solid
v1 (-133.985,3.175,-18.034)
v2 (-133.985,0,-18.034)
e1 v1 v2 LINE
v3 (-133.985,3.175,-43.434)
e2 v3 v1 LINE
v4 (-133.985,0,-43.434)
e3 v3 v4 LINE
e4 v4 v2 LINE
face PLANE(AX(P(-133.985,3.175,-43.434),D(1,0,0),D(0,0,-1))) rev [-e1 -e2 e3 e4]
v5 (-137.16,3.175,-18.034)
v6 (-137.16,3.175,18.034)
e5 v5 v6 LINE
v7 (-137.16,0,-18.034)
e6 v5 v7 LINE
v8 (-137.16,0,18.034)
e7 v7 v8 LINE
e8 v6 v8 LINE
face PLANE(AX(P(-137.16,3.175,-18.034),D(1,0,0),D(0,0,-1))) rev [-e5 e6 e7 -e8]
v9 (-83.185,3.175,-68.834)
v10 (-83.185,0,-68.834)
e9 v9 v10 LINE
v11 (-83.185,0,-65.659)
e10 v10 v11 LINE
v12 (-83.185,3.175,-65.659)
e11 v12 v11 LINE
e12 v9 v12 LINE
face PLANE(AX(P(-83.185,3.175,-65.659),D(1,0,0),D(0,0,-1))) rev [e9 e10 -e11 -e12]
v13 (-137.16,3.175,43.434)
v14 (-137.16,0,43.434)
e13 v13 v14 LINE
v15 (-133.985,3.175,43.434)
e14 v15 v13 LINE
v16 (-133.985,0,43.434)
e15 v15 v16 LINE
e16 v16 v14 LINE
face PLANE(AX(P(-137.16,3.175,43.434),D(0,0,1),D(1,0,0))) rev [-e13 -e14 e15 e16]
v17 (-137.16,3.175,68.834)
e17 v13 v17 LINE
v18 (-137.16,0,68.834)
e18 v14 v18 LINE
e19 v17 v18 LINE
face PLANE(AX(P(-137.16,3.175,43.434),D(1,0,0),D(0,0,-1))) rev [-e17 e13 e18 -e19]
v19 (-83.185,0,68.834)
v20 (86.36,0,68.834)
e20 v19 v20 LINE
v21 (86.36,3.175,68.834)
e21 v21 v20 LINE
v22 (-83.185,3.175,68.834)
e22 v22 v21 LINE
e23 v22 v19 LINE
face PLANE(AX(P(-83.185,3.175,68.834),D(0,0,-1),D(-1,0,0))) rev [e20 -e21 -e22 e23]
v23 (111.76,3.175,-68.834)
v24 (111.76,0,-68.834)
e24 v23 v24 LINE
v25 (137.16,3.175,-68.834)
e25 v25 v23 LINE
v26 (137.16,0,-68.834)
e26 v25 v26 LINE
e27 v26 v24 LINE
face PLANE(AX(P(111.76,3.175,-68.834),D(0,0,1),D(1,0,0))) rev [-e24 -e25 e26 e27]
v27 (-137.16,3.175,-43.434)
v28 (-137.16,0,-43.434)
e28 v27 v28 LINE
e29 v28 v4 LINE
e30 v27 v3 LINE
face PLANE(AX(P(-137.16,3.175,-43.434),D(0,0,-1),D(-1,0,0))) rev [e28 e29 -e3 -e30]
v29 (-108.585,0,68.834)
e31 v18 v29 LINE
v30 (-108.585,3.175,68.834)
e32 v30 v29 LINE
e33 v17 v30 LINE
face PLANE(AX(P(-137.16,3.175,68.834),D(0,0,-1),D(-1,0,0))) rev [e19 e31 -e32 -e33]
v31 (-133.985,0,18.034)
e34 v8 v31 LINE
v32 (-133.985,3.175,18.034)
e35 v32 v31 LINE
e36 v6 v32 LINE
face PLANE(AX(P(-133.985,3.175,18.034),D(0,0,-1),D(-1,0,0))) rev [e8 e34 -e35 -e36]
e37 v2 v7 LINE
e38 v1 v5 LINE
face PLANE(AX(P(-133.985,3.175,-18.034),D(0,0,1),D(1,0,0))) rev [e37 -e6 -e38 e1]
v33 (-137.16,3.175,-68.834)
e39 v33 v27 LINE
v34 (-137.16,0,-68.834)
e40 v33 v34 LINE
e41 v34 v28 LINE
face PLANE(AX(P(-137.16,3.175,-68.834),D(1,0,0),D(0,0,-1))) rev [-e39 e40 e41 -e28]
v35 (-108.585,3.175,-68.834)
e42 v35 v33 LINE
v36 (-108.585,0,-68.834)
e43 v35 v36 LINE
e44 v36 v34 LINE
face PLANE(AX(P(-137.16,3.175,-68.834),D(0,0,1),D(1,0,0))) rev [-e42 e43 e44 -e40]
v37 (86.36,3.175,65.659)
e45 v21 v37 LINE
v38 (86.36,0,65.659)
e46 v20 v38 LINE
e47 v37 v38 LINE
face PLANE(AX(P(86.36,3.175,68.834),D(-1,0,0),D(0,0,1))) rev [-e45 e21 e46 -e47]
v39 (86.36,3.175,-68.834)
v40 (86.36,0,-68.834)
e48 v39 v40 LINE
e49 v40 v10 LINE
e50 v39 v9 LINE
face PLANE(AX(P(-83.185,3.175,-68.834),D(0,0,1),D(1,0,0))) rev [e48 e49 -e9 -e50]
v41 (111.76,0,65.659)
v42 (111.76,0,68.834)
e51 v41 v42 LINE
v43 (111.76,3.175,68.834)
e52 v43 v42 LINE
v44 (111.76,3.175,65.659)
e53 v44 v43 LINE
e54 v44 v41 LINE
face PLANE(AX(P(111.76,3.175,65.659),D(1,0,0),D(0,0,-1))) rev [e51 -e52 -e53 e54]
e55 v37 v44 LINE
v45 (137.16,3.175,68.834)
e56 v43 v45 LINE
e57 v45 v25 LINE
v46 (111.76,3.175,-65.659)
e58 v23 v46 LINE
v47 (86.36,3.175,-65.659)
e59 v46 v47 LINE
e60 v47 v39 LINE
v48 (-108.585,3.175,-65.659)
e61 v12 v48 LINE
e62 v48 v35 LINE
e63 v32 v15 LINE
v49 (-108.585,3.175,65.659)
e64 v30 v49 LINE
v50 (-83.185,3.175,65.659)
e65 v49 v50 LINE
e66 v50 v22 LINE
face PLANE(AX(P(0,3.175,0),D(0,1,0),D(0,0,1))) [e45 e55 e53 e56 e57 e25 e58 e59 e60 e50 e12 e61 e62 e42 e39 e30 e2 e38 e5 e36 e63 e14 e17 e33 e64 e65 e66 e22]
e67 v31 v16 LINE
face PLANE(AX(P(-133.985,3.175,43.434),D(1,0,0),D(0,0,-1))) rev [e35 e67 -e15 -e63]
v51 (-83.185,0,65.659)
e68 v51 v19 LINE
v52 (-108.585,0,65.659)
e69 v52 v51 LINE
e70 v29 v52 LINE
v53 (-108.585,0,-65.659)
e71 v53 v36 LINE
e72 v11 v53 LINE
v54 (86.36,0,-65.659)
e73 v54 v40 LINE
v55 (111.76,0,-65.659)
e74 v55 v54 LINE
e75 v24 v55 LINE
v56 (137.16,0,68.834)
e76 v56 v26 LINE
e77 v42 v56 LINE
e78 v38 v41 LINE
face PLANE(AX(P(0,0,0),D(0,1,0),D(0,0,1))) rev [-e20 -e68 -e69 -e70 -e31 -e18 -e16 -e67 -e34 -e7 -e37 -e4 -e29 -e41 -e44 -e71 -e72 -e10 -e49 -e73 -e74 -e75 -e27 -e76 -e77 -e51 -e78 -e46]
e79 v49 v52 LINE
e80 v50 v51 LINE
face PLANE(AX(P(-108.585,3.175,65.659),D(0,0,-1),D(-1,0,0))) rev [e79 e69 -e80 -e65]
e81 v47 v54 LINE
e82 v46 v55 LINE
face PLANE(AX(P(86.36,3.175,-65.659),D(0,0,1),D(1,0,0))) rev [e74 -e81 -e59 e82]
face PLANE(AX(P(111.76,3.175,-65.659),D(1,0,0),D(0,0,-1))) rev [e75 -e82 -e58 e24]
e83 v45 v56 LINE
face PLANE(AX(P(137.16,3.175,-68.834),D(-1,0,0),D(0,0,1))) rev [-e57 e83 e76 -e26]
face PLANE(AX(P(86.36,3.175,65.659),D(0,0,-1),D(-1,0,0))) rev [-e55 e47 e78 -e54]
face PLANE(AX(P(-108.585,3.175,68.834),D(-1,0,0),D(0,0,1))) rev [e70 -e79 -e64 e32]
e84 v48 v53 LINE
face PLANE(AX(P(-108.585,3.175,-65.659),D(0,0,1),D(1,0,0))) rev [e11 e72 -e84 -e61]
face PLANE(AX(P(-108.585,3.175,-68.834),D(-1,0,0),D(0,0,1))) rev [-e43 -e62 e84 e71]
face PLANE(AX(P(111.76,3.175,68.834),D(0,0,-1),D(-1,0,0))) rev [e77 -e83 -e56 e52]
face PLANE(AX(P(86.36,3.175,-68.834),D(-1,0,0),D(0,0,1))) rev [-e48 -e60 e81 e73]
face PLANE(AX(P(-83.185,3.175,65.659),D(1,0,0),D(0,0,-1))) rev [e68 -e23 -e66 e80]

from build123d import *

# Parameters (mm, degrees)
BOSS_EXTRUDE1_DEPTH = 3.175


with BuildPart() as part:
    # Sketch1 → Boss-Extrude1 (new body)
    with BuildSketch(Plane(origin=(0, 0, 0), x_dir=(1, 0, 0), z_dir=(0, 1, 0))):
        Polygon((-137.16, 68.834), (-108.585, 68.834), (-108.585, 65.659), (-83.185, 65.659), (-83.185, 68.834), (86.36, 68.834), (86.36, 65.659), (111.76, 65.659), (111.76, 68.834), (137.16, 68.834), (137.16, -68.834), (111.76, -68.834), (111.76, -65.659), (86.36, -65.659), (86.36, -68.834), (-83.185, -68.834), (-83.185, -65.659), (-108.585, -65.659), (-108.585, -68.834), (-137.16, -68.834), (-137.16, -43.434), (-133.985, -43.434), (-133.985, -18.034), (-137.16, -18.034), (-137.16, 18.034), (-133.985, 18.034), (-133.985, 43.434), (-137.16, 43.434), align=None)
    extrude(amount=BOSS_EXTRUDE1_DEPTH)


solid = part.part
